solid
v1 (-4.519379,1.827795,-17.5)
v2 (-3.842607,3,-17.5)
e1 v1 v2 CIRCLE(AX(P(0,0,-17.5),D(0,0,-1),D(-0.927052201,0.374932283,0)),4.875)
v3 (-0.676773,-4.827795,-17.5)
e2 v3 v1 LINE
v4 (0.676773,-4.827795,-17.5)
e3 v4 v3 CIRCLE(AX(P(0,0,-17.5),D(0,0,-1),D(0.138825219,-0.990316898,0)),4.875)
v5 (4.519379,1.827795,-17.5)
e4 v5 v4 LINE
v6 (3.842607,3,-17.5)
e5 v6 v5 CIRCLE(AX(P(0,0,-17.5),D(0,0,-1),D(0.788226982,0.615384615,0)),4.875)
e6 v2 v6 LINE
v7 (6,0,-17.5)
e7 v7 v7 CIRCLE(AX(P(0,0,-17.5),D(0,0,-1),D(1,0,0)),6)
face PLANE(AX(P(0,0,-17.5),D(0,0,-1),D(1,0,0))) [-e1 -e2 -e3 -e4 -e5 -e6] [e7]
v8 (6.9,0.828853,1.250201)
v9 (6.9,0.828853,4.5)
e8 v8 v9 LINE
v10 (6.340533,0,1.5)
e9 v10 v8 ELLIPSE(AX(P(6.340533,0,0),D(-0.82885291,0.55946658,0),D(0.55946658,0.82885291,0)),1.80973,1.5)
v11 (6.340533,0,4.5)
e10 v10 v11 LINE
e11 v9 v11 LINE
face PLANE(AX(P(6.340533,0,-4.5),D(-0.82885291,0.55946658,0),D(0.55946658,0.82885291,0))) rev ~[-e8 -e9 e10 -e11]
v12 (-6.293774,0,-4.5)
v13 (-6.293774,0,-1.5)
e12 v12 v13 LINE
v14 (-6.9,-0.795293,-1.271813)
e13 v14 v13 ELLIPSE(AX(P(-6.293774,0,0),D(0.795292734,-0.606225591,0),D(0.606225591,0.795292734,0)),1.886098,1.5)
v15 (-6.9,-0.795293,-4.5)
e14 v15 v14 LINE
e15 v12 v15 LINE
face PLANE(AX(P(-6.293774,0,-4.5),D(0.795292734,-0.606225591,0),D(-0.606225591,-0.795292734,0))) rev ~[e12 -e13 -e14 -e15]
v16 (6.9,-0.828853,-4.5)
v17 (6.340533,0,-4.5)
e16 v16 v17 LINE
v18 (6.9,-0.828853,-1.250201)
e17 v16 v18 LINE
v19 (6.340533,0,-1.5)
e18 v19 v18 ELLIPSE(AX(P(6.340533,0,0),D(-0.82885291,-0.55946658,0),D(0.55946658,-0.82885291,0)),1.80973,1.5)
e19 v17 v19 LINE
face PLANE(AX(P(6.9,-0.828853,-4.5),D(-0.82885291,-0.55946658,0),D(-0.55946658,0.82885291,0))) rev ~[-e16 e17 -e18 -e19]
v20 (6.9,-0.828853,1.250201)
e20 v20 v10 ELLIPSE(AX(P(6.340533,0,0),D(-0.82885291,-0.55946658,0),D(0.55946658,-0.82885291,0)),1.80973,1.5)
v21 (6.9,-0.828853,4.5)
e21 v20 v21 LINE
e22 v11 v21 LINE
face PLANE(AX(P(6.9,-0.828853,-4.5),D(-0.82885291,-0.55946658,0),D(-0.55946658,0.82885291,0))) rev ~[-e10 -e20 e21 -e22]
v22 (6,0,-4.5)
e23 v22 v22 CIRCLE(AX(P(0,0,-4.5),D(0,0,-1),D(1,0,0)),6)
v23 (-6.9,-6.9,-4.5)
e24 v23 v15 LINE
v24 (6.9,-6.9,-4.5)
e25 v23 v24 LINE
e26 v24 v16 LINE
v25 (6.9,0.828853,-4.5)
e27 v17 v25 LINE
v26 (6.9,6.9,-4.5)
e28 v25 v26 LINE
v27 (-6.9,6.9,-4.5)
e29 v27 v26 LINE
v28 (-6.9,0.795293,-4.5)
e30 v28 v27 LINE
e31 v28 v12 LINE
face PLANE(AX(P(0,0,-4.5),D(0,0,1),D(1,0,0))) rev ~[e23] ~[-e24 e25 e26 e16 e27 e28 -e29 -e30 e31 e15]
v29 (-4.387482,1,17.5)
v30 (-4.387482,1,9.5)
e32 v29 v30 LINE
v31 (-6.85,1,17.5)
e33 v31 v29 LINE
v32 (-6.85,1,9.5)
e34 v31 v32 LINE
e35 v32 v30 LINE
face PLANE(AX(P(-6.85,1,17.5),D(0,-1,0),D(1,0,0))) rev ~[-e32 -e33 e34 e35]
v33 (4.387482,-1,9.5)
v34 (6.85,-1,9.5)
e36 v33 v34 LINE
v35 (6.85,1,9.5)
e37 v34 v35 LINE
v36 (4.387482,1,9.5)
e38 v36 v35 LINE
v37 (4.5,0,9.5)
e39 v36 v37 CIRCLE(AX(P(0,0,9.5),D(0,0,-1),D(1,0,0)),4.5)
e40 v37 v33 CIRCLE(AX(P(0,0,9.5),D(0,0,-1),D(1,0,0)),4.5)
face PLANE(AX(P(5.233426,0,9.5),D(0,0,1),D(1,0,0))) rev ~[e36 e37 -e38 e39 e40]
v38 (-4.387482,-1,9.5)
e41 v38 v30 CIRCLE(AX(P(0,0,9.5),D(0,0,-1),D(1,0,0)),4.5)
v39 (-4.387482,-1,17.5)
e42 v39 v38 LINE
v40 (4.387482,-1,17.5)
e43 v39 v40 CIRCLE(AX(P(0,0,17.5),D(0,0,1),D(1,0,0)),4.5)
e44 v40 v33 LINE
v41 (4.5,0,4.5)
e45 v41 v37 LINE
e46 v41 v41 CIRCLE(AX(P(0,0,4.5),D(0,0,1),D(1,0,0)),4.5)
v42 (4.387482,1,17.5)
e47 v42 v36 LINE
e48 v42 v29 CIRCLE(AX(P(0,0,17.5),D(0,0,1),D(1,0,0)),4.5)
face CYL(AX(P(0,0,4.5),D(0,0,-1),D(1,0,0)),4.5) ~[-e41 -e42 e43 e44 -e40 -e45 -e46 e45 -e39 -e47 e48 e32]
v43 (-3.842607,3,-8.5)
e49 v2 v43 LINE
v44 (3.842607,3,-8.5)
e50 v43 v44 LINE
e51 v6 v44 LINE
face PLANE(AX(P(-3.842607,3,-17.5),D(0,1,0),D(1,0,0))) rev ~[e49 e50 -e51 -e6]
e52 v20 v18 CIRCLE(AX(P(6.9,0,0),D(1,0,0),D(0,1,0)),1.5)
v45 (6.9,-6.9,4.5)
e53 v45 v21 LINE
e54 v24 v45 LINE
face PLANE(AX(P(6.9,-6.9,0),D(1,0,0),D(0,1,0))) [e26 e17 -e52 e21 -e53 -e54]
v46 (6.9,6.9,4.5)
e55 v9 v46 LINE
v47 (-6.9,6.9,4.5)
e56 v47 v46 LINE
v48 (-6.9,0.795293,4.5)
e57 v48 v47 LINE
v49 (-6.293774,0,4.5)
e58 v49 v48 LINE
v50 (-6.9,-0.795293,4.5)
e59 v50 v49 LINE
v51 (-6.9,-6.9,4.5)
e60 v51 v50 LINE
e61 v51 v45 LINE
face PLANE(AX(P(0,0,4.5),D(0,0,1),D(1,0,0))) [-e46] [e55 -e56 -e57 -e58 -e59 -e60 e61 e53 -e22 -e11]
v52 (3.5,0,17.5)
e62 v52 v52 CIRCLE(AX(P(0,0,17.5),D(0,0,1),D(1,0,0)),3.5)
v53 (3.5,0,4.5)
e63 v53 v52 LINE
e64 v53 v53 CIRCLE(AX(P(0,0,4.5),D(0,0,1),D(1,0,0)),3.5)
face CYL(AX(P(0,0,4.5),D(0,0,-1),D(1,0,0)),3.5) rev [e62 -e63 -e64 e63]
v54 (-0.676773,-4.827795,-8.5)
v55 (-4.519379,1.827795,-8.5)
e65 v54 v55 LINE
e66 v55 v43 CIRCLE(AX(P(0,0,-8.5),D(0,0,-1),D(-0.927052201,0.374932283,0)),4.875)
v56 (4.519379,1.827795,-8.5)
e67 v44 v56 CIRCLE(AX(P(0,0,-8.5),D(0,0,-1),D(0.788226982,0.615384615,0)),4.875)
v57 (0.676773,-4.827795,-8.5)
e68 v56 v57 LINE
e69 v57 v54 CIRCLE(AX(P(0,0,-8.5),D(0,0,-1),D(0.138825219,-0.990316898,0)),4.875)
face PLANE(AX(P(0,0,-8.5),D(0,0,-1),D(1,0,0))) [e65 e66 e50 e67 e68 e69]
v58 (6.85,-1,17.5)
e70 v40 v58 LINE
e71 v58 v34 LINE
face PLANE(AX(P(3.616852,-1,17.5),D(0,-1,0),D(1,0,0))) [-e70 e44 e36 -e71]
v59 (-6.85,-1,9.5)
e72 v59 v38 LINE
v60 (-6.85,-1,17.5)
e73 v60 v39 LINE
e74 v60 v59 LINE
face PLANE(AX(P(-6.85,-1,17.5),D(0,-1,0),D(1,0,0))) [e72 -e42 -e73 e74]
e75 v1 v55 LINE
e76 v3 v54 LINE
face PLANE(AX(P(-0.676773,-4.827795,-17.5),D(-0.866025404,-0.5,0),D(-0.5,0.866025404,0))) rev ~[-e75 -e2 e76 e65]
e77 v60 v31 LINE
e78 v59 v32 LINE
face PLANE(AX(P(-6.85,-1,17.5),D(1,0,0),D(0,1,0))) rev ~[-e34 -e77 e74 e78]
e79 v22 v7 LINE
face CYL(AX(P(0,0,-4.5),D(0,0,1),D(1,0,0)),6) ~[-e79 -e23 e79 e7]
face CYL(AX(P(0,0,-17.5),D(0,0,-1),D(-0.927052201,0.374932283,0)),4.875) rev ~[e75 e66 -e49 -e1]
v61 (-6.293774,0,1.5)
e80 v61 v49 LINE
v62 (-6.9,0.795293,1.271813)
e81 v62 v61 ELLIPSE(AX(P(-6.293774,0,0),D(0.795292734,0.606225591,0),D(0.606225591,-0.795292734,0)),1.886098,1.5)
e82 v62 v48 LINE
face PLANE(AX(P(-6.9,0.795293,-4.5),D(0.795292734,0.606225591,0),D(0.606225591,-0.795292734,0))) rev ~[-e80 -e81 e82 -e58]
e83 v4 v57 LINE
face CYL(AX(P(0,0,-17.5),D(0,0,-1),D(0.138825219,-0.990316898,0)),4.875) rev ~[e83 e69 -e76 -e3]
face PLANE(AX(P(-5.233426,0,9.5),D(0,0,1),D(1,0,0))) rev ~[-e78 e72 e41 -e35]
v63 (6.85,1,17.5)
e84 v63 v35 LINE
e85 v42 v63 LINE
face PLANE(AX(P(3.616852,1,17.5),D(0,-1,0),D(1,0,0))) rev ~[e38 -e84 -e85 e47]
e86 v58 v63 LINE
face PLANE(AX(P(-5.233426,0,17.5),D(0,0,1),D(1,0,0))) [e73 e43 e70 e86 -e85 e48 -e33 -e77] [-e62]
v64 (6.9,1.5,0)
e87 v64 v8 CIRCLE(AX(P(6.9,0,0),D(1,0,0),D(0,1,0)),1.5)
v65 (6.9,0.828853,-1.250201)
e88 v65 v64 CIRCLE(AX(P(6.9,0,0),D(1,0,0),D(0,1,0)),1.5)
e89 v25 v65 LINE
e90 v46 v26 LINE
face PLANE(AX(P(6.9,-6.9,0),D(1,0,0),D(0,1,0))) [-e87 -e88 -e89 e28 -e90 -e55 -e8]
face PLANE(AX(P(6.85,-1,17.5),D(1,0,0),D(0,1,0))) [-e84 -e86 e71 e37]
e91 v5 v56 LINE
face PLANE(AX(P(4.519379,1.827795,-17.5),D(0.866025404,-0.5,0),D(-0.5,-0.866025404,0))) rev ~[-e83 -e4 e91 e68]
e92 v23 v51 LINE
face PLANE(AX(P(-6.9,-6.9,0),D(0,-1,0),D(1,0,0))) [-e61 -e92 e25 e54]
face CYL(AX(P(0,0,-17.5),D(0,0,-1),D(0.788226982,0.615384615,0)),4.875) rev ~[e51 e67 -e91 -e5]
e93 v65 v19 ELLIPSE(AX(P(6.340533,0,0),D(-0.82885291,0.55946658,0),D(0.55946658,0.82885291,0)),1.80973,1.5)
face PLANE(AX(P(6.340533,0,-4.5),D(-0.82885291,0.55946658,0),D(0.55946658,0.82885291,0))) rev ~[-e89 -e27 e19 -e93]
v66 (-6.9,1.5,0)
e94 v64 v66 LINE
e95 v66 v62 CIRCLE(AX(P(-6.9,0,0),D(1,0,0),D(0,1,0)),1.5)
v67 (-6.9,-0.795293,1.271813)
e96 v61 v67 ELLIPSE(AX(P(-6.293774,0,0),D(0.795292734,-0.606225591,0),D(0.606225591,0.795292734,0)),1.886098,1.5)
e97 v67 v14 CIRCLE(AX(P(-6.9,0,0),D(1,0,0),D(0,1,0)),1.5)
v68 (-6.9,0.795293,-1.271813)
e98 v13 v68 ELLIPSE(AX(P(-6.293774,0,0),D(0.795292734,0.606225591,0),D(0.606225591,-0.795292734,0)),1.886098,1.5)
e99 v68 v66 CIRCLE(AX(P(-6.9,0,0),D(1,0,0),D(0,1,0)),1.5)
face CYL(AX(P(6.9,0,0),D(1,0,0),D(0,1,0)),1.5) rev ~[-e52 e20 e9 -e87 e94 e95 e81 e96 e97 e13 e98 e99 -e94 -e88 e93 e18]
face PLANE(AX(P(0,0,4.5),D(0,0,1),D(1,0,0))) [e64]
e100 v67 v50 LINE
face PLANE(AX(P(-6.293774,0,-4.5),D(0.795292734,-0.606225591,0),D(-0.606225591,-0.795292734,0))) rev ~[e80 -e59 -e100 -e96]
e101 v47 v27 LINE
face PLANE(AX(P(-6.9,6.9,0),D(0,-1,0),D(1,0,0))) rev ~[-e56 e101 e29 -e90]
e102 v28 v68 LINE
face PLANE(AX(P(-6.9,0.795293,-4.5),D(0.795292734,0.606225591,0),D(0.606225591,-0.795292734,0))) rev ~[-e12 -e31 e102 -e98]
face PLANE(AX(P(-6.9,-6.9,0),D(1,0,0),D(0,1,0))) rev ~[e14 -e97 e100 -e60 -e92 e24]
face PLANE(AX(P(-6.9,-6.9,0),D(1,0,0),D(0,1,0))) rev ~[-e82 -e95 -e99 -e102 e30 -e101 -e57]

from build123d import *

# Parameters (mm, degrees)
F0_W      = 13.8
F0_H      = 13.8
F1_DEPTH  = 4.5
F2_R      = 4.5
F2_R_2    = 3.5
F3_DEPTH  = 13
F4_R      = 6
F5_DEPTH  = 13
F6_R      = 1.5
F7_DEPTH  = 13.801
F9_DEPTH  = 22.001
F10_W     = 3.2331479252
F10_H     = 2
F11_DEPTH = 8
F13_DEPTH = 9


with BuildPart() as f1:
    # F0 (on Top) → F1 (new body, symmetric)
    with BuildSketch(Plane.XY):
        Rectangle(F0_W, F0_H)
    extrude(amount=F1_DEPTH, both=True)

    # F2 (on face) → F3 (join)
    with BuildSketch(Plane.XY.offset(4.5)):
        Circle(F2_R)
        Circle(F2_R_2, mode=Mode.SUBTRACT)
    extrude(amount=F3_DEPTH)

    # F4 (on face) → F5 (join)
    with BuildSketch(Plane(origin=(0, 0, -4.5), x_dir=(1, 0, 0), z_dir=(0, 0, -1))):
        Circle(F4_R)
    extrude(amount=F5_DEPTH)

    # F6 (on face) → F7 (cut, through all)
    with BuildSketch(Plane.YZ.offset(6.9)):
        Circle(F6_R)
    extrude(amount=-F7_DEPTH, mode=Mode.SUBTRACT)

    # F8 (on face) → F9 (cut, through all)
    with BuildSketch(Plane(origin=(0, 0, -4.5), x_dir=(1, 0, 0), z_dir=(0, 0, -1))):
        Polygon((6.9, 0.8288529099), (6.3405334204, 0), (6.9, -0.8288529099), align=None)
        Polygon((-6.9, -0.7952927344), (-6.2937744095, 0), (-6.9, 0.7952927344), align=None)
    extrude(amount=-F9_DEPTH, mode=Mode.SUBTRACT)

    # F10 (on face) → F11 (join)
    with BuildSketch(Plane.XY.offset(17.5)):
        with Locations((-5.2334260374, 0)):
            Rectangle(F10_W, F10_H)
        with Locations((5.2334260374, 0)):
            Rectangle(F10_W, F10_H)
    extrude(amount=-F11_DEPTH)

    # F12 (on face) → F13 (cut)
    with BuildSketch(Plane(origin=(0, 0, -17.5), x_dir=(1, 0, 0), z_dir=(0, 0, -1))):
        with BuildLine():
            Line((4.51937948, -1.827794878), (0.6767729427, 4.827794878))
            ThreePointArc((0.6767729427, 4.827794878), (0, 4.875), (-0.6767729427, 4.827794878))
            Line((-0.6767729427, 4.827794878), (-4.51937948, -1.827794878))
            ThreePointArc((-4.51937948, -1.827794878), (-4.2218738434, -2.4375), (-3.8426065372, -3))
            Line((-3.8426065372, -3), (3.8426065372, -3))
            ThreePointArc((3.8426065372, -3), (4.2218738434, -2.4375), (4.51937948, -1.827794878))
        make_face()
    extrude(amount=-F13_DEPTH, mode=Mode.SUBTRACT)


solid = f1.part
